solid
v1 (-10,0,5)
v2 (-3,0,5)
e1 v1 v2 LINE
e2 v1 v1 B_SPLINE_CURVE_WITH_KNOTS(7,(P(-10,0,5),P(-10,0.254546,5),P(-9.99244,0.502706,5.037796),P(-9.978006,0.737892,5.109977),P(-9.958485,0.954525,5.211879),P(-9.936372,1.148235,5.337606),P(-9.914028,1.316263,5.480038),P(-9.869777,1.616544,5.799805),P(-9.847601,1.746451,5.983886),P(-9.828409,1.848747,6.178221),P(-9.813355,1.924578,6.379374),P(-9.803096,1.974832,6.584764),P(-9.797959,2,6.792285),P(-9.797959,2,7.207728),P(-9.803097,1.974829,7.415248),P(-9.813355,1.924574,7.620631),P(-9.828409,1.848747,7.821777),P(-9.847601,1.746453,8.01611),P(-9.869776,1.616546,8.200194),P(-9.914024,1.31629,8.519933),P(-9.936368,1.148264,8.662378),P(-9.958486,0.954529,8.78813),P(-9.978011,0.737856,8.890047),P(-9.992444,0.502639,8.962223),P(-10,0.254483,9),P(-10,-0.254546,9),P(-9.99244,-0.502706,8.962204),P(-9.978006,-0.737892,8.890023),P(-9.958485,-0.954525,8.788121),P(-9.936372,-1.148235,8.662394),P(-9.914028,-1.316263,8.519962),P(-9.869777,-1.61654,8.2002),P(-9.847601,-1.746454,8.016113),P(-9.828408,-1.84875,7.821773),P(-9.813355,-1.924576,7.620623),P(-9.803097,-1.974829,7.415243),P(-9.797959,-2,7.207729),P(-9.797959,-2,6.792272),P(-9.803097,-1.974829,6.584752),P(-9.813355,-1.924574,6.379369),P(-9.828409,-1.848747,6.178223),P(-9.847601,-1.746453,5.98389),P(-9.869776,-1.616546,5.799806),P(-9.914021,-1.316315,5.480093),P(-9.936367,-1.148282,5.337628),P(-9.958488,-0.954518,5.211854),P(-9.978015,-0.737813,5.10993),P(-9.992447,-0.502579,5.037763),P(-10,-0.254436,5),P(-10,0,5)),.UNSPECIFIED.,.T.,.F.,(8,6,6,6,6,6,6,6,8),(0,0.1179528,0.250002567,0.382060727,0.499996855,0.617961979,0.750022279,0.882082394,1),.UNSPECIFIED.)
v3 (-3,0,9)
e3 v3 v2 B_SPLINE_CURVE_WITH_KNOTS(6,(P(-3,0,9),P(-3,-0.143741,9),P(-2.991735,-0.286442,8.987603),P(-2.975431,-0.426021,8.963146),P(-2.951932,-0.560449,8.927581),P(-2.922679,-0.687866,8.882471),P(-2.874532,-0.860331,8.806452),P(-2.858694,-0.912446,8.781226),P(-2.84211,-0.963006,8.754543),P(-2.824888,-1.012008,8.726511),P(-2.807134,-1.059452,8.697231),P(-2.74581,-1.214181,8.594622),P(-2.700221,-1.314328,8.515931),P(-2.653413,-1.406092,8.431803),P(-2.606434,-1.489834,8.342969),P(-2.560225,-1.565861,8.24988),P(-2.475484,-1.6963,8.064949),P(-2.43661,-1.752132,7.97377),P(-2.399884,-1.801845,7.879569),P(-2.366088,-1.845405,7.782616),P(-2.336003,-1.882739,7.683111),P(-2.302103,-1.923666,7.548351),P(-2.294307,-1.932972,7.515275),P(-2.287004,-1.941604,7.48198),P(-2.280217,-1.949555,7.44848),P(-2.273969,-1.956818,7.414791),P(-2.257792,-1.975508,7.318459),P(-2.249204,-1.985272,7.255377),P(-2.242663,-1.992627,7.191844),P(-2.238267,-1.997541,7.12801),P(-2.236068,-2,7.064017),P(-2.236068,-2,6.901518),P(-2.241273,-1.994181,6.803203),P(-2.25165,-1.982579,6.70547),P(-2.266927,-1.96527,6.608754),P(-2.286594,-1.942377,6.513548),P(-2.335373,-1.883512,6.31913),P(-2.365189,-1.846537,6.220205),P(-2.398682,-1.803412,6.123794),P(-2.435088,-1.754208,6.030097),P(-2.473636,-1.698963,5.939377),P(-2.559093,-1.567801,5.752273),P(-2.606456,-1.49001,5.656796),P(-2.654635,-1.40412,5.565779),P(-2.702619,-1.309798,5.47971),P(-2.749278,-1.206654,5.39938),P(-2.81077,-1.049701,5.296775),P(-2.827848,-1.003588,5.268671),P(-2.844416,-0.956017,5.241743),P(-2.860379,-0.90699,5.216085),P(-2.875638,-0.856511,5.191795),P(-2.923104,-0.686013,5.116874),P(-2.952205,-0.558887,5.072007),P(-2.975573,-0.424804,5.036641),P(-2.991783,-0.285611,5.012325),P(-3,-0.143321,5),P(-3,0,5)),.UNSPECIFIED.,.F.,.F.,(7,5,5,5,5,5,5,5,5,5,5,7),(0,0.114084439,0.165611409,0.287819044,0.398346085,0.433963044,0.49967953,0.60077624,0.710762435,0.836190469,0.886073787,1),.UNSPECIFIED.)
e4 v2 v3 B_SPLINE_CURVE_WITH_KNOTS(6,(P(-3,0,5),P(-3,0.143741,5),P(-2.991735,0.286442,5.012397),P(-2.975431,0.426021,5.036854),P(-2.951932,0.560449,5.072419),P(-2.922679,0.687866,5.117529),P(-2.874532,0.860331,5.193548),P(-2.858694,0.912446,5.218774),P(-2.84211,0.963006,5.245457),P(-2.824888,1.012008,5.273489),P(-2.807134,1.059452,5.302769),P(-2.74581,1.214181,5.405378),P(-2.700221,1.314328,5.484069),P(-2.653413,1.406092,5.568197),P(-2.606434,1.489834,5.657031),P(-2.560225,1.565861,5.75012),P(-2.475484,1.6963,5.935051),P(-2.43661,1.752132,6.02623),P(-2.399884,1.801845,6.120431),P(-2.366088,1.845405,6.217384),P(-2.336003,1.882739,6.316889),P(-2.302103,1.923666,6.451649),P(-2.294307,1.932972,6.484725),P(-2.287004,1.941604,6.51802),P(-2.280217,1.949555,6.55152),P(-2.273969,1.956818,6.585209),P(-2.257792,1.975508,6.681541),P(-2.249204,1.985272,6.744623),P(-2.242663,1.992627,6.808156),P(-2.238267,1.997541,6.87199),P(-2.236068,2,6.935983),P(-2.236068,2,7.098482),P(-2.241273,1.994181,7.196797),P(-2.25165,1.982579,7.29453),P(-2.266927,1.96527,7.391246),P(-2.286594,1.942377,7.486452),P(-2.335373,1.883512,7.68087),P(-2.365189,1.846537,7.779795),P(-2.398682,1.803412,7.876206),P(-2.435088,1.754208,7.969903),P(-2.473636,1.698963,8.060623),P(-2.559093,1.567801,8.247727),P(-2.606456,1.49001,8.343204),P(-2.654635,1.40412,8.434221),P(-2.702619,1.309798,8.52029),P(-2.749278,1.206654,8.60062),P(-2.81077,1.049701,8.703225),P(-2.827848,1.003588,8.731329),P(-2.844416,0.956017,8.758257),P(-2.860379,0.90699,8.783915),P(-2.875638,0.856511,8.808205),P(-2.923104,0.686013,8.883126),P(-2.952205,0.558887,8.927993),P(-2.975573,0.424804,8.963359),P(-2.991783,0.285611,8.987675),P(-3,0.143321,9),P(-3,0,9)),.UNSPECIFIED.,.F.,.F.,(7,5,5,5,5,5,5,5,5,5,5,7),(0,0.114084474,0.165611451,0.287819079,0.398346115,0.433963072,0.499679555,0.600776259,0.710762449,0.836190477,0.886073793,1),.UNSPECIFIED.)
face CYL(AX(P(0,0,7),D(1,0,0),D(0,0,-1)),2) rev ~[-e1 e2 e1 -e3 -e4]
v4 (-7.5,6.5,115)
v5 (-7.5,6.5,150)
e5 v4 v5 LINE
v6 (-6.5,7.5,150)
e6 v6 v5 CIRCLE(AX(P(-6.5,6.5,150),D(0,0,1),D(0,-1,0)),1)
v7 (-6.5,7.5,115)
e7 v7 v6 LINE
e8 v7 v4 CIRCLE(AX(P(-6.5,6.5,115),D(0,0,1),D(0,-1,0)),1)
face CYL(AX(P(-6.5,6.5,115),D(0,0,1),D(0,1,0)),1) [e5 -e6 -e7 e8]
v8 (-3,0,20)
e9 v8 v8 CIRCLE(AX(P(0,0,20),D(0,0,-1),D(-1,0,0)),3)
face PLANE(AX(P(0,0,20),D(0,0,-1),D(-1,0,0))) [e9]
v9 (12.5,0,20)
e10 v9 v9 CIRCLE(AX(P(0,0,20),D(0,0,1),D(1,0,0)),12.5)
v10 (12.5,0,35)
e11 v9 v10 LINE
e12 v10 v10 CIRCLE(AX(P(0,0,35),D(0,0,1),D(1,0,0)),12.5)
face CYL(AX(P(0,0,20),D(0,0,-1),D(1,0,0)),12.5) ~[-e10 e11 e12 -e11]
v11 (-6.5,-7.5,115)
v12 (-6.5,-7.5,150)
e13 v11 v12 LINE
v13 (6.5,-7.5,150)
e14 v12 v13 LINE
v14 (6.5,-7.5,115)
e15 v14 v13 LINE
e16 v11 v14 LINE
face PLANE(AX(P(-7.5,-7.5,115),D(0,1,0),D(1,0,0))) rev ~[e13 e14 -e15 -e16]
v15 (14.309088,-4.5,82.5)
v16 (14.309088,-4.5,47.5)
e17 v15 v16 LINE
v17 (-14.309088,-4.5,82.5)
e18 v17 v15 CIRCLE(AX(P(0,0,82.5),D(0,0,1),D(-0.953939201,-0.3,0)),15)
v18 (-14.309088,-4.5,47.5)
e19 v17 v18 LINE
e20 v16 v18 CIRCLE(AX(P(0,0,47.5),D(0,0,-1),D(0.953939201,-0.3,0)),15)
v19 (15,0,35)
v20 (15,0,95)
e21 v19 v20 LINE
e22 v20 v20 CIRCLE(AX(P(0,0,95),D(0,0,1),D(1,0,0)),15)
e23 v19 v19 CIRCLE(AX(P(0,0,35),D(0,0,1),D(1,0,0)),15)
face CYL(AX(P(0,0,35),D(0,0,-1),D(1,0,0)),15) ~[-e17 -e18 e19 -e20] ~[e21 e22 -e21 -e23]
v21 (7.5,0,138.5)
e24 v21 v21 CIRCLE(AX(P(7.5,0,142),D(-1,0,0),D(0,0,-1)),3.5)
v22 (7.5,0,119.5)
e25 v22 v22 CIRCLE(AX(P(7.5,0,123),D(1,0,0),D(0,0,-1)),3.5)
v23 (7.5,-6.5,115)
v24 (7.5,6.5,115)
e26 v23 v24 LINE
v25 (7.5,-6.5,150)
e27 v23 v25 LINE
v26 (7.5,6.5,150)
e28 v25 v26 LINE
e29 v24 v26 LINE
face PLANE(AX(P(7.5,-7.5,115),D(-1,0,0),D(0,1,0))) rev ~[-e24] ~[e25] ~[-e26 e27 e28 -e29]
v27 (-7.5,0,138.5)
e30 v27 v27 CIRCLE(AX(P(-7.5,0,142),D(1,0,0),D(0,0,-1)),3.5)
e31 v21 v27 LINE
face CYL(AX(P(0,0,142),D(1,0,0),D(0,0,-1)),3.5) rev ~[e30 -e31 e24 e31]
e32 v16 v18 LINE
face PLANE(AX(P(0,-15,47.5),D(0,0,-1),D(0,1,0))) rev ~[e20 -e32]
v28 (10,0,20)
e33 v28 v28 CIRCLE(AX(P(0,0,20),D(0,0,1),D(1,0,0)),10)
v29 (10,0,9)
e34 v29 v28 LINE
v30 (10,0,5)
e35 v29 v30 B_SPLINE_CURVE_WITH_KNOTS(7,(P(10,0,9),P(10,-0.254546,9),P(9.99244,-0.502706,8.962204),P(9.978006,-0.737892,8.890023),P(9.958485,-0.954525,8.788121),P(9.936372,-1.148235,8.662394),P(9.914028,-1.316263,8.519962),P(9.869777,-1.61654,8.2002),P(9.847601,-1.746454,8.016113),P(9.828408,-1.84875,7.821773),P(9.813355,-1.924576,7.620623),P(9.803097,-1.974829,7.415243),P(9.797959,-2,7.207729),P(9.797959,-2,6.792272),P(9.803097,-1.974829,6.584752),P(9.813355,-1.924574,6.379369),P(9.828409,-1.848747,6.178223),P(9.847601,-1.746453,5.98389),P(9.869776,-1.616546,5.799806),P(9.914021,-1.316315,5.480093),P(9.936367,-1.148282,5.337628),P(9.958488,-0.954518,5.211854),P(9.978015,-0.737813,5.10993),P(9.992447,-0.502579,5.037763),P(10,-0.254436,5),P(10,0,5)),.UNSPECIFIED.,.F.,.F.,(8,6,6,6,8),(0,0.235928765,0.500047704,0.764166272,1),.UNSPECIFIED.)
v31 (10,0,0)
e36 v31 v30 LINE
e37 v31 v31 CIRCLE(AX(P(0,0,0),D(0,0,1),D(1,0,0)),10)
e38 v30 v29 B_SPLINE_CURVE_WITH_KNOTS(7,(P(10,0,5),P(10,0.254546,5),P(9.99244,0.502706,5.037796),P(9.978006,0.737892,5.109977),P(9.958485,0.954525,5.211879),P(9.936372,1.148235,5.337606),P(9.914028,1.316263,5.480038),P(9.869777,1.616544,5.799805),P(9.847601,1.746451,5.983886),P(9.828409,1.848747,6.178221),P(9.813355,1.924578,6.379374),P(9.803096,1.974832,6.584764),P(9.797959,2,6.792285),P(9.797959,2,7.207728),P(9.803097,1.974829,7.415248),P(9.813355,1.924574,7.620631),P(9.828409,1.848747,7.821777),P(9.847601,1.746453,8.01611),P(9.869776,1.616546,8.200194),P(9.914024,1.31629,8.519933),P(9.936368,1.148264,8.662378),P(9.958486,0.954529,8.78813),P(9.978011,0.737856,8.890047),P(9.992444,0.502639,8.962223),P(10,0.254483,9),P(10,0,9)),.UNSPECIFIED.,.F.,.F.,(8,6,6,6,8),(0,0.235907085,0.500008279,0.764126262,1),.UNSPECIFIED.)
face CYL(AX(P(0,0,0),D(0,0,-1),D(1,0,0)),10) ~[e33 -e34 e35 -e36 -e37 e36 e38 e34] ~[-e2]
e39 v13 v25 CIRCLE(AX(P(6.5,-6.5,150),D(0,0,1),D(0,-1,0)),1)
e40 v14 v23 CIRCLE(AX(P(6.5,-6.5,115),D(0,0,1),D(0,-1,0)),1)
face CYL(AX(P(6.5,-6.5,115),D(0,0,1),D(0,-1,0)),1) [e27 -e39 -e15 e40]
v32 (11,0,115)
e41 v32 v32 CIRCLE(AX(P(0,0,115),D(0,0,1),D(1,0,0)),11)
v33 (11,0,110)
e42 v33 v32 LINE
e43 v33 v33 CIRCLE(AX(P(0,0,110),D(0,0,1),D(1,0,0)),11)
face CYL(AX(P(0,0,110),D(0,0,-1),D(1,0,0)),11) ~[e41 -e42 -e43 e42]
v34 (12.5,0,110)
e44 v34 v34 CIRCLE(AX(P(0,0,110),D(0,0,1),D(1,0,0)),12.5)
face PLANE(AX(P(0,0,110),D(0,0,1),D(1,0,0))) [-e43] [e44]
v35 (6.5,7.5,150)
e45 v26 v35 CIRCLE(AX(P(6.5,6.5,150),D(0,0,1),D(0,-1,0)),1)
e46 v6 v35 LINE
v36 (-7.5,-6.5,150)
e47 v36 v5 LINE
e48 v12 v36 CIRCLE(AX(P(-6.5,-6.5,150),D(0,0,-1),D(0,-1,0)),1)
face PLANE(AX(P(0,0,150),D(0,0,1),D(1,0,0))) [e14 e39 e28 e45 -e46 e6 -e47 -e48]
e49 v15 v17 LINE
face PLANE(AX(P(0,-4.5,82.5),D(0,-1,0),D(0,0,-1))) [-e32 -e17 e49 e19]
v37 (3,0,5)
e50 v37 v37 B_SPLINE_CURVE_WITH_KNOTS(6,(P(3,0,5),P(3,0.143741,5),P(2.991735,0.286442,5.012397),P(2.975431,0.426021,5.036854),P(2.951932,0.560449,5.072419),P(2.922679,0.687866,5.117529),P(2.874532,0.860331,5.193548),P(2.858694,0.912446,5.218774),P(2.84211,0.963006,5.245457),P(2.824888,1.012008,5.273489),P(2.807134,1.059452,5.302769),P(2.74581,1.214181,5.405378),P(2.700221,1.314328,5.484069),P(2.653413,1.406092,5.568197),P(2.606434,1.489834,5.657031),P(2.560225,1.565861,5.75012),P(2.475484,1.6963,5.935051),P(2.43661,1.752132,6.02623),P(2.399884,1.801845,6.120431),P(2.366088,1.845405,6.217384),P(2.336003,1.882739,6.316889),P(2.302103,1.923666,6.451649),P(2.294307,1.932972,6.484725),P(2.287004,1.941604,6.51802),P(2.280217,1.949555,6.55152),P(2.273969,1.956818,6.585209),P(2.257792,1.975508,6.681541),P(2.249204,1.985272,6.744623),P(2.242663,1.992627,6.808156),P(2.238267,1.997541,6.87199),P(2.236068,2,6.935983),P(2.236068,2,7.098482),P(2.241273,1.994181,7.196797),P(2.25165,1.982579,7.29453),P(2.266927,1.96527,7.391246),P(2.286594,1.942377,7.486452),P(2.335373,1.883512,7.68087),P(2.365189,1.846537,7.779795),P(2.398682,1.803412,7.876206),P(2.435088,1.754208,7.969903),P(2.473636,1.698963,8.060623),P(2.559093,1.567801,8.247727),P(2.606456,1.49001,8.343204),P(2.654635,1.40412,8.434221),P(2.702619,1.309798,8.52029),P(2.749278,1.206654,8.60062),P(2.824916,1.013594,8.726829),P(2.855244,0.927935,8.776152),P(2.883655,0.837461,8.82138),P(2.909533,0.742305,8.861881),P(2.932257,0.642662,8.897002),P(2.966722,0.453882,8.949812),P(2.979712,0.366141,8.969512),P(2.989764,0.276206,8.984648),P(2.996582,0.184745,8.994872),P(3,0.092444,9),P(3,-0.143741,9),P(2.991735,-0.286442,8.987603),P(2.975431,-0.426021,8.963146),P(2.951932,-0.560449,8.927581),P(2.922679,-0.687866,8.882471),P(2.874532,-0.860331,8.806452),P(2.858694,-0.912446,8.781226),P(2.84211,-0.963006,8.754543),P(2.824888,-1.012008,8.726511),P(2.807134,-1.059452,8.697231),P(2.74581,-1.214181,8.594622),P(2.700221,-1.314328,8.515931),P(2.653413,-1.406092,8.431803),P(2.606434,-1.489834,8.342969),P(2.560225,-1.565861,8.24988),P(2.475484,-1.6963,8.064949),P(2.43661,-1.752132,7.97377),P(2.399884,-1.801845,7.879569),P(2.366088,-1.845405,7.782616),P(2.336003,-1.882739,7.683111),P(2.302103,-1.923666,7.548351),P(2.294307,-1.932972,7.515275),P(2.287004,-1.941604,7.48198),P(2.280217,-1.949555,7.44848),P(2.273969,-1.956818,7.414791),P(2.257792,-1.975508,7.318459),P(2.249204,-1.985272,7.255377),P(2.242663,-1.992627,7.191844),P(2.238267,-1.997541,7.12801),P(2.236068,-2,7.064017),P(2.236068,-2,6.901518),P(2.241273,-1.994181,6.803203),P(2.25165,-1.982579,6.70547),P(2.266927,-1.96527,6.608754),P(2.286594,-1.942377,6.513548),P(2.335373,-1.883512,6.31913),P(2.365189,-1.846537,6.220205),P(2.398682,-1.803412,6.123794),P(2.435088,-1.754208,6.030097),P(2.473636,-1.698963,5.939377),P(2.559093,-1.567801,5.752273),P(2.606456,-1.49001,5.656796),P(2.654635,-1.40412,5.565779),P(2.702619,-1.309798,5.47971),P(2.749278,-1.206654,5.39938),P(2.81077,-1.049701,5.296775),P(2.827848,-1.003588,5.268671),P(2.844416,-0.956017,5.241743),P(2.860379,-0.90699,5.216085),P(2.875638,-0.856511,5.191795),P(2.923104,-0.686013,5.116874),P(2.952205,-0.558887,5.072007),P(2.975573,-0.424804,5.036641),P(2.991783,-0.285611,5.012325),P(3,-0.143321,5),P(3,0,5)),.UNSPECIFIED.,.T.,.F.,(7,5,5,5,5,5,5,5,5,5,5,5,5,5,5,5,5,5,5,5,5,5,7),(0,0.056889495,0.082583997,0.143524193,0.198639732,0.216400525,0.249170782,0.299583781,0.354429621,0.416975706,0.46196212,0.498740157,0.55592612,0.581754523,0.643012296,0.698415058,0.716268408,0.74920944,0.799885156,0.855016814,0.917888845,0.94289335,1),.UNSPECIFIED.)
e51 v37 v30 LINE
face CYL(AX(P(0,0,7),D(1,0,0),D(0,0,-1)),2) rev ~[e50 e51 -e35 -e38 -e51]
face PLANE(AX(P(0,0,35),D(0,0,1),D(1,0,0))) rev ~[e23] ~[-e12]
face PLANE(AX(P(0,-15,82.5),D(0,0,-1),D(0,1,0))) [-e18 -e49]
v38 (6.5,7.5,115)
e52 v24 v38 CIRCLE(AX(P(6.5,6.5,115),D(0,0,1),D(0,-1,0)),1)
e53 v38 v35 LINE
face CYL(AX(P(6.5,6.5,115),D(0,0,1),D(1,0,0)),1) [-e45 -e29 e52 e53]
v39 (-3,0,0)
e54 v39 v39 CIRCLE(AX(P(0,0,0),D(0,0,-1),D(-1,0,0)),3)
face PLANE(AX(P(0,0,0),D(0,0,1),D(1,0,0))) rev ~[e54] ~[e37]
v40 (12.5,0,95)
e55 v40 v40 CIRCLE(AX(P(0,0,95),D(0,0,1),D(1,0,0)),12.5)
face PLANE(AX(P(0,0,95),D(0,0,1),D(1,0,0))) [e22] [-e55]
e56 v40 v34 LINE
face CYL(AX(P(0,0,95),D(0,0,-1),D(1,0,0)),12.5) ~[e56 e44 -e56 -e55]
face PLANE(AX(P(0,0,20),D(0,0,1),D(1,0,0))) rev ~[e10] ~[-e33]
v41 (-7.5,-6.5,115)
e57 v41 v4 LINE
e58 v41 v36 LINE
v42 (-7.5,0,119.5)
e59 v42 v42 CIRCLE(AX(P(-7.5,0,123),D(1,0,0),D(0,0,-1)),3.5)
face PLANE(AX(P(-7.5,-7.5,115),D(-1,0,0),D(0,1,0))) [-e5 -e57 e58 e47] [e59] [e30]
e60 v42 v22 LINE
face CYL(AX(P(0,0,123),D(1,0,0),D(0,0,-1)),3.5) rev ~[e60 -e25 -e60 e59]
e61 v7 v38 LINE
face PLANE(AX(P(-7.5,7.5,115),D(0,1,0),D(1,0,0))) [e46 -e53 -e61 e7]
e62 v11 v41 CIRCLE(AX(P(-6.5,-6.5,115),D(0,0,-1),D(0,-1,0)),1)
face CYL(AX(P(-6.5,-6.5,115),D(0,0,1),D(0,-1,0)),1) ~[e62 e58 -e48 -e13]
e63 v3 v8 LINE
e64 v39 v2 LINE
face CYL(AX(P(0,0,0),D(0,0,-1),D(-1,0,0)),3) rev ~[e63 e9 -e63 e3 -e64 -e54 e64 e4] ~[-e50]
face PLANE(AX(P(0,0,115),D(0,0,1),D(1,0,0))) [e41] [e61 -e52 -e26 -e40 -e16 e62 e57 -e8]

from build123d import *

# Parameters (mm, degrees)
SKETCH_1_R          = 10
EXTRUDE_1_DEPTH     = 20
SKETCH_2_R          = 12.5
EXTRUDE_2_DEPTH     = 15
SKETCH_3_R          = 15
EXTRUDE_3_DEPTH     = 60
SKETCH_4_R          = 12.5
EXTRUDE_4_DEPTH     = 15
SKETCH_5_R          = 11
EXTRUDE_5_DEPTH     = 5
SKETCH_6_W          = 15
SKETCH_6_H          = 15
EXTRUDE_6_DEPTH     = 35
SKETCH_7_R          = 3
CUT_EXTRUDE_1_DEPTH = 20
SKETCH_8_R          = 2
CUT_EXTRUDE_2_DEPTH = 20
SKETCH_9_W          = 35
SKETCH_9_H          = 10.5
CUT_EXTRUDE_3_DEPTH = 20
SKETCH_10_R         = 3.5
CUT_EXTRUDE_4_DEPTH = 20
FILLET_1_R          = 1


with BuildPart() as part:
    # 草图1 → 凸台-拉伸1 (new body)
    with BuildSketch(Plane.XY):
        Circle(SKETCH_1_R)
    extrude(amount=EXTRUDE_1_DEPTH)

    # 草图2 → 凸台-拉伸2 (add)
    with BuildSketch(Plane.XY.offset(20)):
        Circle(SKETCH_2_R)
    extrude(amount=EXTRUDE_2_DEPTH)

    # 草图3 → 凸台-拉伸3 (add)
    with BuildSketch(Plane.XY.offset(35)):
        Circle(SKETCH_3_R)
    extrude(amount=EXTRUDE_3_DEPTH)

    # 草图4 → 凸台-拉伸4 (add)
    with BuildSketch(Plane.XY.offset(95)):
        Circle(SKETCH_4_R)
    extrude(amount=EXTRUDE_4_DEPTH)

    # 草图5 → 凸台-拉伸5 (add)
    with BuildSketch(Plane.XY.offset(110)):
        Circle(SKETCH_5_R)
    extrude(amount=EXTRUDE_5_DEPTH)

    # 草图6 → 凸台-拉伸6 (add)
    with BuildSketch(Plane.XY.offset(115)):
        Rectangle(SKETCH_6_W, SKETCH_6_H)
    extrude(amount=EXTRUDE_6_DEPTH)

    # 草图7 → 切除-拉伸1 (cut)
    with BuildSketch(Plane(origin=(0, 0, 0), x_dir=(-1, 0, 0), z_dir=(0, 0, -1))):
        Circle(SKETCH_7_R)
    extrude(amount=-CUT_EXTRUDE_1_DEPTH, mode=Mode.SUBTRACT)

    # 草图8 → 切除-拉伸2 (cut, symmetric)
    with BuildSketch(Plane(origin=(0, 0, 0), x_dir=(0, 0, -1), z_dir=(1, 0, 0))):
        with Locations((-7, 0)):
            Circle(SKETCH_8_R)
    extrude(amount=CUT_EXTRUDE_2_DEPTH, both=True, mode=Mode.SUBTRACT)

    # 草图9 → 切除-拉伸3 (cut, symmetric)
    with BuildSketch(Plane(origin=(0, 0, 0), x_dir=(0, 0, -1), z_dir=(1, 0, 0))):
        with Locations((-65, -9.75)):
            Rectangle(SKETCH_9_W, SKETCH_9_H)
    extrude(amount=CUT_EXTRUDE_3_DEPTH, both=True, mode=Mode.SUBTRACT)

    # 草图10 → 切除-拉伸4 (cut, symmetric)
    with BuildSketch(Plane(origin=(0, 0, 0), x_dir=(0, 0, -1), z_dir=(1, 0, 0))):
        with Locations((-142, 0)):
            Circle(SKETCH_10_R)
        with Locations((-123, 0)):
            Circle(SKETCH_10_R)
    extrude(amount=CUT_EXTRUDE_4_DEPTH, both=True, mode=Mode.SUBTRACT)

    # 圆角1
    fillet_1_edges = [part.edges().sort_by_distance(p)[0] for p in [
        (-7.5, 7.5, 132.5),
        (-7.5, -7.5, 132.5),
        (7.5, -7.5, 132.5),
        (7.5, 7.5, 132.5),
    ]]
    fillet(fillet_1_edges, radius=FILLET_1_R)


solid = part.part
